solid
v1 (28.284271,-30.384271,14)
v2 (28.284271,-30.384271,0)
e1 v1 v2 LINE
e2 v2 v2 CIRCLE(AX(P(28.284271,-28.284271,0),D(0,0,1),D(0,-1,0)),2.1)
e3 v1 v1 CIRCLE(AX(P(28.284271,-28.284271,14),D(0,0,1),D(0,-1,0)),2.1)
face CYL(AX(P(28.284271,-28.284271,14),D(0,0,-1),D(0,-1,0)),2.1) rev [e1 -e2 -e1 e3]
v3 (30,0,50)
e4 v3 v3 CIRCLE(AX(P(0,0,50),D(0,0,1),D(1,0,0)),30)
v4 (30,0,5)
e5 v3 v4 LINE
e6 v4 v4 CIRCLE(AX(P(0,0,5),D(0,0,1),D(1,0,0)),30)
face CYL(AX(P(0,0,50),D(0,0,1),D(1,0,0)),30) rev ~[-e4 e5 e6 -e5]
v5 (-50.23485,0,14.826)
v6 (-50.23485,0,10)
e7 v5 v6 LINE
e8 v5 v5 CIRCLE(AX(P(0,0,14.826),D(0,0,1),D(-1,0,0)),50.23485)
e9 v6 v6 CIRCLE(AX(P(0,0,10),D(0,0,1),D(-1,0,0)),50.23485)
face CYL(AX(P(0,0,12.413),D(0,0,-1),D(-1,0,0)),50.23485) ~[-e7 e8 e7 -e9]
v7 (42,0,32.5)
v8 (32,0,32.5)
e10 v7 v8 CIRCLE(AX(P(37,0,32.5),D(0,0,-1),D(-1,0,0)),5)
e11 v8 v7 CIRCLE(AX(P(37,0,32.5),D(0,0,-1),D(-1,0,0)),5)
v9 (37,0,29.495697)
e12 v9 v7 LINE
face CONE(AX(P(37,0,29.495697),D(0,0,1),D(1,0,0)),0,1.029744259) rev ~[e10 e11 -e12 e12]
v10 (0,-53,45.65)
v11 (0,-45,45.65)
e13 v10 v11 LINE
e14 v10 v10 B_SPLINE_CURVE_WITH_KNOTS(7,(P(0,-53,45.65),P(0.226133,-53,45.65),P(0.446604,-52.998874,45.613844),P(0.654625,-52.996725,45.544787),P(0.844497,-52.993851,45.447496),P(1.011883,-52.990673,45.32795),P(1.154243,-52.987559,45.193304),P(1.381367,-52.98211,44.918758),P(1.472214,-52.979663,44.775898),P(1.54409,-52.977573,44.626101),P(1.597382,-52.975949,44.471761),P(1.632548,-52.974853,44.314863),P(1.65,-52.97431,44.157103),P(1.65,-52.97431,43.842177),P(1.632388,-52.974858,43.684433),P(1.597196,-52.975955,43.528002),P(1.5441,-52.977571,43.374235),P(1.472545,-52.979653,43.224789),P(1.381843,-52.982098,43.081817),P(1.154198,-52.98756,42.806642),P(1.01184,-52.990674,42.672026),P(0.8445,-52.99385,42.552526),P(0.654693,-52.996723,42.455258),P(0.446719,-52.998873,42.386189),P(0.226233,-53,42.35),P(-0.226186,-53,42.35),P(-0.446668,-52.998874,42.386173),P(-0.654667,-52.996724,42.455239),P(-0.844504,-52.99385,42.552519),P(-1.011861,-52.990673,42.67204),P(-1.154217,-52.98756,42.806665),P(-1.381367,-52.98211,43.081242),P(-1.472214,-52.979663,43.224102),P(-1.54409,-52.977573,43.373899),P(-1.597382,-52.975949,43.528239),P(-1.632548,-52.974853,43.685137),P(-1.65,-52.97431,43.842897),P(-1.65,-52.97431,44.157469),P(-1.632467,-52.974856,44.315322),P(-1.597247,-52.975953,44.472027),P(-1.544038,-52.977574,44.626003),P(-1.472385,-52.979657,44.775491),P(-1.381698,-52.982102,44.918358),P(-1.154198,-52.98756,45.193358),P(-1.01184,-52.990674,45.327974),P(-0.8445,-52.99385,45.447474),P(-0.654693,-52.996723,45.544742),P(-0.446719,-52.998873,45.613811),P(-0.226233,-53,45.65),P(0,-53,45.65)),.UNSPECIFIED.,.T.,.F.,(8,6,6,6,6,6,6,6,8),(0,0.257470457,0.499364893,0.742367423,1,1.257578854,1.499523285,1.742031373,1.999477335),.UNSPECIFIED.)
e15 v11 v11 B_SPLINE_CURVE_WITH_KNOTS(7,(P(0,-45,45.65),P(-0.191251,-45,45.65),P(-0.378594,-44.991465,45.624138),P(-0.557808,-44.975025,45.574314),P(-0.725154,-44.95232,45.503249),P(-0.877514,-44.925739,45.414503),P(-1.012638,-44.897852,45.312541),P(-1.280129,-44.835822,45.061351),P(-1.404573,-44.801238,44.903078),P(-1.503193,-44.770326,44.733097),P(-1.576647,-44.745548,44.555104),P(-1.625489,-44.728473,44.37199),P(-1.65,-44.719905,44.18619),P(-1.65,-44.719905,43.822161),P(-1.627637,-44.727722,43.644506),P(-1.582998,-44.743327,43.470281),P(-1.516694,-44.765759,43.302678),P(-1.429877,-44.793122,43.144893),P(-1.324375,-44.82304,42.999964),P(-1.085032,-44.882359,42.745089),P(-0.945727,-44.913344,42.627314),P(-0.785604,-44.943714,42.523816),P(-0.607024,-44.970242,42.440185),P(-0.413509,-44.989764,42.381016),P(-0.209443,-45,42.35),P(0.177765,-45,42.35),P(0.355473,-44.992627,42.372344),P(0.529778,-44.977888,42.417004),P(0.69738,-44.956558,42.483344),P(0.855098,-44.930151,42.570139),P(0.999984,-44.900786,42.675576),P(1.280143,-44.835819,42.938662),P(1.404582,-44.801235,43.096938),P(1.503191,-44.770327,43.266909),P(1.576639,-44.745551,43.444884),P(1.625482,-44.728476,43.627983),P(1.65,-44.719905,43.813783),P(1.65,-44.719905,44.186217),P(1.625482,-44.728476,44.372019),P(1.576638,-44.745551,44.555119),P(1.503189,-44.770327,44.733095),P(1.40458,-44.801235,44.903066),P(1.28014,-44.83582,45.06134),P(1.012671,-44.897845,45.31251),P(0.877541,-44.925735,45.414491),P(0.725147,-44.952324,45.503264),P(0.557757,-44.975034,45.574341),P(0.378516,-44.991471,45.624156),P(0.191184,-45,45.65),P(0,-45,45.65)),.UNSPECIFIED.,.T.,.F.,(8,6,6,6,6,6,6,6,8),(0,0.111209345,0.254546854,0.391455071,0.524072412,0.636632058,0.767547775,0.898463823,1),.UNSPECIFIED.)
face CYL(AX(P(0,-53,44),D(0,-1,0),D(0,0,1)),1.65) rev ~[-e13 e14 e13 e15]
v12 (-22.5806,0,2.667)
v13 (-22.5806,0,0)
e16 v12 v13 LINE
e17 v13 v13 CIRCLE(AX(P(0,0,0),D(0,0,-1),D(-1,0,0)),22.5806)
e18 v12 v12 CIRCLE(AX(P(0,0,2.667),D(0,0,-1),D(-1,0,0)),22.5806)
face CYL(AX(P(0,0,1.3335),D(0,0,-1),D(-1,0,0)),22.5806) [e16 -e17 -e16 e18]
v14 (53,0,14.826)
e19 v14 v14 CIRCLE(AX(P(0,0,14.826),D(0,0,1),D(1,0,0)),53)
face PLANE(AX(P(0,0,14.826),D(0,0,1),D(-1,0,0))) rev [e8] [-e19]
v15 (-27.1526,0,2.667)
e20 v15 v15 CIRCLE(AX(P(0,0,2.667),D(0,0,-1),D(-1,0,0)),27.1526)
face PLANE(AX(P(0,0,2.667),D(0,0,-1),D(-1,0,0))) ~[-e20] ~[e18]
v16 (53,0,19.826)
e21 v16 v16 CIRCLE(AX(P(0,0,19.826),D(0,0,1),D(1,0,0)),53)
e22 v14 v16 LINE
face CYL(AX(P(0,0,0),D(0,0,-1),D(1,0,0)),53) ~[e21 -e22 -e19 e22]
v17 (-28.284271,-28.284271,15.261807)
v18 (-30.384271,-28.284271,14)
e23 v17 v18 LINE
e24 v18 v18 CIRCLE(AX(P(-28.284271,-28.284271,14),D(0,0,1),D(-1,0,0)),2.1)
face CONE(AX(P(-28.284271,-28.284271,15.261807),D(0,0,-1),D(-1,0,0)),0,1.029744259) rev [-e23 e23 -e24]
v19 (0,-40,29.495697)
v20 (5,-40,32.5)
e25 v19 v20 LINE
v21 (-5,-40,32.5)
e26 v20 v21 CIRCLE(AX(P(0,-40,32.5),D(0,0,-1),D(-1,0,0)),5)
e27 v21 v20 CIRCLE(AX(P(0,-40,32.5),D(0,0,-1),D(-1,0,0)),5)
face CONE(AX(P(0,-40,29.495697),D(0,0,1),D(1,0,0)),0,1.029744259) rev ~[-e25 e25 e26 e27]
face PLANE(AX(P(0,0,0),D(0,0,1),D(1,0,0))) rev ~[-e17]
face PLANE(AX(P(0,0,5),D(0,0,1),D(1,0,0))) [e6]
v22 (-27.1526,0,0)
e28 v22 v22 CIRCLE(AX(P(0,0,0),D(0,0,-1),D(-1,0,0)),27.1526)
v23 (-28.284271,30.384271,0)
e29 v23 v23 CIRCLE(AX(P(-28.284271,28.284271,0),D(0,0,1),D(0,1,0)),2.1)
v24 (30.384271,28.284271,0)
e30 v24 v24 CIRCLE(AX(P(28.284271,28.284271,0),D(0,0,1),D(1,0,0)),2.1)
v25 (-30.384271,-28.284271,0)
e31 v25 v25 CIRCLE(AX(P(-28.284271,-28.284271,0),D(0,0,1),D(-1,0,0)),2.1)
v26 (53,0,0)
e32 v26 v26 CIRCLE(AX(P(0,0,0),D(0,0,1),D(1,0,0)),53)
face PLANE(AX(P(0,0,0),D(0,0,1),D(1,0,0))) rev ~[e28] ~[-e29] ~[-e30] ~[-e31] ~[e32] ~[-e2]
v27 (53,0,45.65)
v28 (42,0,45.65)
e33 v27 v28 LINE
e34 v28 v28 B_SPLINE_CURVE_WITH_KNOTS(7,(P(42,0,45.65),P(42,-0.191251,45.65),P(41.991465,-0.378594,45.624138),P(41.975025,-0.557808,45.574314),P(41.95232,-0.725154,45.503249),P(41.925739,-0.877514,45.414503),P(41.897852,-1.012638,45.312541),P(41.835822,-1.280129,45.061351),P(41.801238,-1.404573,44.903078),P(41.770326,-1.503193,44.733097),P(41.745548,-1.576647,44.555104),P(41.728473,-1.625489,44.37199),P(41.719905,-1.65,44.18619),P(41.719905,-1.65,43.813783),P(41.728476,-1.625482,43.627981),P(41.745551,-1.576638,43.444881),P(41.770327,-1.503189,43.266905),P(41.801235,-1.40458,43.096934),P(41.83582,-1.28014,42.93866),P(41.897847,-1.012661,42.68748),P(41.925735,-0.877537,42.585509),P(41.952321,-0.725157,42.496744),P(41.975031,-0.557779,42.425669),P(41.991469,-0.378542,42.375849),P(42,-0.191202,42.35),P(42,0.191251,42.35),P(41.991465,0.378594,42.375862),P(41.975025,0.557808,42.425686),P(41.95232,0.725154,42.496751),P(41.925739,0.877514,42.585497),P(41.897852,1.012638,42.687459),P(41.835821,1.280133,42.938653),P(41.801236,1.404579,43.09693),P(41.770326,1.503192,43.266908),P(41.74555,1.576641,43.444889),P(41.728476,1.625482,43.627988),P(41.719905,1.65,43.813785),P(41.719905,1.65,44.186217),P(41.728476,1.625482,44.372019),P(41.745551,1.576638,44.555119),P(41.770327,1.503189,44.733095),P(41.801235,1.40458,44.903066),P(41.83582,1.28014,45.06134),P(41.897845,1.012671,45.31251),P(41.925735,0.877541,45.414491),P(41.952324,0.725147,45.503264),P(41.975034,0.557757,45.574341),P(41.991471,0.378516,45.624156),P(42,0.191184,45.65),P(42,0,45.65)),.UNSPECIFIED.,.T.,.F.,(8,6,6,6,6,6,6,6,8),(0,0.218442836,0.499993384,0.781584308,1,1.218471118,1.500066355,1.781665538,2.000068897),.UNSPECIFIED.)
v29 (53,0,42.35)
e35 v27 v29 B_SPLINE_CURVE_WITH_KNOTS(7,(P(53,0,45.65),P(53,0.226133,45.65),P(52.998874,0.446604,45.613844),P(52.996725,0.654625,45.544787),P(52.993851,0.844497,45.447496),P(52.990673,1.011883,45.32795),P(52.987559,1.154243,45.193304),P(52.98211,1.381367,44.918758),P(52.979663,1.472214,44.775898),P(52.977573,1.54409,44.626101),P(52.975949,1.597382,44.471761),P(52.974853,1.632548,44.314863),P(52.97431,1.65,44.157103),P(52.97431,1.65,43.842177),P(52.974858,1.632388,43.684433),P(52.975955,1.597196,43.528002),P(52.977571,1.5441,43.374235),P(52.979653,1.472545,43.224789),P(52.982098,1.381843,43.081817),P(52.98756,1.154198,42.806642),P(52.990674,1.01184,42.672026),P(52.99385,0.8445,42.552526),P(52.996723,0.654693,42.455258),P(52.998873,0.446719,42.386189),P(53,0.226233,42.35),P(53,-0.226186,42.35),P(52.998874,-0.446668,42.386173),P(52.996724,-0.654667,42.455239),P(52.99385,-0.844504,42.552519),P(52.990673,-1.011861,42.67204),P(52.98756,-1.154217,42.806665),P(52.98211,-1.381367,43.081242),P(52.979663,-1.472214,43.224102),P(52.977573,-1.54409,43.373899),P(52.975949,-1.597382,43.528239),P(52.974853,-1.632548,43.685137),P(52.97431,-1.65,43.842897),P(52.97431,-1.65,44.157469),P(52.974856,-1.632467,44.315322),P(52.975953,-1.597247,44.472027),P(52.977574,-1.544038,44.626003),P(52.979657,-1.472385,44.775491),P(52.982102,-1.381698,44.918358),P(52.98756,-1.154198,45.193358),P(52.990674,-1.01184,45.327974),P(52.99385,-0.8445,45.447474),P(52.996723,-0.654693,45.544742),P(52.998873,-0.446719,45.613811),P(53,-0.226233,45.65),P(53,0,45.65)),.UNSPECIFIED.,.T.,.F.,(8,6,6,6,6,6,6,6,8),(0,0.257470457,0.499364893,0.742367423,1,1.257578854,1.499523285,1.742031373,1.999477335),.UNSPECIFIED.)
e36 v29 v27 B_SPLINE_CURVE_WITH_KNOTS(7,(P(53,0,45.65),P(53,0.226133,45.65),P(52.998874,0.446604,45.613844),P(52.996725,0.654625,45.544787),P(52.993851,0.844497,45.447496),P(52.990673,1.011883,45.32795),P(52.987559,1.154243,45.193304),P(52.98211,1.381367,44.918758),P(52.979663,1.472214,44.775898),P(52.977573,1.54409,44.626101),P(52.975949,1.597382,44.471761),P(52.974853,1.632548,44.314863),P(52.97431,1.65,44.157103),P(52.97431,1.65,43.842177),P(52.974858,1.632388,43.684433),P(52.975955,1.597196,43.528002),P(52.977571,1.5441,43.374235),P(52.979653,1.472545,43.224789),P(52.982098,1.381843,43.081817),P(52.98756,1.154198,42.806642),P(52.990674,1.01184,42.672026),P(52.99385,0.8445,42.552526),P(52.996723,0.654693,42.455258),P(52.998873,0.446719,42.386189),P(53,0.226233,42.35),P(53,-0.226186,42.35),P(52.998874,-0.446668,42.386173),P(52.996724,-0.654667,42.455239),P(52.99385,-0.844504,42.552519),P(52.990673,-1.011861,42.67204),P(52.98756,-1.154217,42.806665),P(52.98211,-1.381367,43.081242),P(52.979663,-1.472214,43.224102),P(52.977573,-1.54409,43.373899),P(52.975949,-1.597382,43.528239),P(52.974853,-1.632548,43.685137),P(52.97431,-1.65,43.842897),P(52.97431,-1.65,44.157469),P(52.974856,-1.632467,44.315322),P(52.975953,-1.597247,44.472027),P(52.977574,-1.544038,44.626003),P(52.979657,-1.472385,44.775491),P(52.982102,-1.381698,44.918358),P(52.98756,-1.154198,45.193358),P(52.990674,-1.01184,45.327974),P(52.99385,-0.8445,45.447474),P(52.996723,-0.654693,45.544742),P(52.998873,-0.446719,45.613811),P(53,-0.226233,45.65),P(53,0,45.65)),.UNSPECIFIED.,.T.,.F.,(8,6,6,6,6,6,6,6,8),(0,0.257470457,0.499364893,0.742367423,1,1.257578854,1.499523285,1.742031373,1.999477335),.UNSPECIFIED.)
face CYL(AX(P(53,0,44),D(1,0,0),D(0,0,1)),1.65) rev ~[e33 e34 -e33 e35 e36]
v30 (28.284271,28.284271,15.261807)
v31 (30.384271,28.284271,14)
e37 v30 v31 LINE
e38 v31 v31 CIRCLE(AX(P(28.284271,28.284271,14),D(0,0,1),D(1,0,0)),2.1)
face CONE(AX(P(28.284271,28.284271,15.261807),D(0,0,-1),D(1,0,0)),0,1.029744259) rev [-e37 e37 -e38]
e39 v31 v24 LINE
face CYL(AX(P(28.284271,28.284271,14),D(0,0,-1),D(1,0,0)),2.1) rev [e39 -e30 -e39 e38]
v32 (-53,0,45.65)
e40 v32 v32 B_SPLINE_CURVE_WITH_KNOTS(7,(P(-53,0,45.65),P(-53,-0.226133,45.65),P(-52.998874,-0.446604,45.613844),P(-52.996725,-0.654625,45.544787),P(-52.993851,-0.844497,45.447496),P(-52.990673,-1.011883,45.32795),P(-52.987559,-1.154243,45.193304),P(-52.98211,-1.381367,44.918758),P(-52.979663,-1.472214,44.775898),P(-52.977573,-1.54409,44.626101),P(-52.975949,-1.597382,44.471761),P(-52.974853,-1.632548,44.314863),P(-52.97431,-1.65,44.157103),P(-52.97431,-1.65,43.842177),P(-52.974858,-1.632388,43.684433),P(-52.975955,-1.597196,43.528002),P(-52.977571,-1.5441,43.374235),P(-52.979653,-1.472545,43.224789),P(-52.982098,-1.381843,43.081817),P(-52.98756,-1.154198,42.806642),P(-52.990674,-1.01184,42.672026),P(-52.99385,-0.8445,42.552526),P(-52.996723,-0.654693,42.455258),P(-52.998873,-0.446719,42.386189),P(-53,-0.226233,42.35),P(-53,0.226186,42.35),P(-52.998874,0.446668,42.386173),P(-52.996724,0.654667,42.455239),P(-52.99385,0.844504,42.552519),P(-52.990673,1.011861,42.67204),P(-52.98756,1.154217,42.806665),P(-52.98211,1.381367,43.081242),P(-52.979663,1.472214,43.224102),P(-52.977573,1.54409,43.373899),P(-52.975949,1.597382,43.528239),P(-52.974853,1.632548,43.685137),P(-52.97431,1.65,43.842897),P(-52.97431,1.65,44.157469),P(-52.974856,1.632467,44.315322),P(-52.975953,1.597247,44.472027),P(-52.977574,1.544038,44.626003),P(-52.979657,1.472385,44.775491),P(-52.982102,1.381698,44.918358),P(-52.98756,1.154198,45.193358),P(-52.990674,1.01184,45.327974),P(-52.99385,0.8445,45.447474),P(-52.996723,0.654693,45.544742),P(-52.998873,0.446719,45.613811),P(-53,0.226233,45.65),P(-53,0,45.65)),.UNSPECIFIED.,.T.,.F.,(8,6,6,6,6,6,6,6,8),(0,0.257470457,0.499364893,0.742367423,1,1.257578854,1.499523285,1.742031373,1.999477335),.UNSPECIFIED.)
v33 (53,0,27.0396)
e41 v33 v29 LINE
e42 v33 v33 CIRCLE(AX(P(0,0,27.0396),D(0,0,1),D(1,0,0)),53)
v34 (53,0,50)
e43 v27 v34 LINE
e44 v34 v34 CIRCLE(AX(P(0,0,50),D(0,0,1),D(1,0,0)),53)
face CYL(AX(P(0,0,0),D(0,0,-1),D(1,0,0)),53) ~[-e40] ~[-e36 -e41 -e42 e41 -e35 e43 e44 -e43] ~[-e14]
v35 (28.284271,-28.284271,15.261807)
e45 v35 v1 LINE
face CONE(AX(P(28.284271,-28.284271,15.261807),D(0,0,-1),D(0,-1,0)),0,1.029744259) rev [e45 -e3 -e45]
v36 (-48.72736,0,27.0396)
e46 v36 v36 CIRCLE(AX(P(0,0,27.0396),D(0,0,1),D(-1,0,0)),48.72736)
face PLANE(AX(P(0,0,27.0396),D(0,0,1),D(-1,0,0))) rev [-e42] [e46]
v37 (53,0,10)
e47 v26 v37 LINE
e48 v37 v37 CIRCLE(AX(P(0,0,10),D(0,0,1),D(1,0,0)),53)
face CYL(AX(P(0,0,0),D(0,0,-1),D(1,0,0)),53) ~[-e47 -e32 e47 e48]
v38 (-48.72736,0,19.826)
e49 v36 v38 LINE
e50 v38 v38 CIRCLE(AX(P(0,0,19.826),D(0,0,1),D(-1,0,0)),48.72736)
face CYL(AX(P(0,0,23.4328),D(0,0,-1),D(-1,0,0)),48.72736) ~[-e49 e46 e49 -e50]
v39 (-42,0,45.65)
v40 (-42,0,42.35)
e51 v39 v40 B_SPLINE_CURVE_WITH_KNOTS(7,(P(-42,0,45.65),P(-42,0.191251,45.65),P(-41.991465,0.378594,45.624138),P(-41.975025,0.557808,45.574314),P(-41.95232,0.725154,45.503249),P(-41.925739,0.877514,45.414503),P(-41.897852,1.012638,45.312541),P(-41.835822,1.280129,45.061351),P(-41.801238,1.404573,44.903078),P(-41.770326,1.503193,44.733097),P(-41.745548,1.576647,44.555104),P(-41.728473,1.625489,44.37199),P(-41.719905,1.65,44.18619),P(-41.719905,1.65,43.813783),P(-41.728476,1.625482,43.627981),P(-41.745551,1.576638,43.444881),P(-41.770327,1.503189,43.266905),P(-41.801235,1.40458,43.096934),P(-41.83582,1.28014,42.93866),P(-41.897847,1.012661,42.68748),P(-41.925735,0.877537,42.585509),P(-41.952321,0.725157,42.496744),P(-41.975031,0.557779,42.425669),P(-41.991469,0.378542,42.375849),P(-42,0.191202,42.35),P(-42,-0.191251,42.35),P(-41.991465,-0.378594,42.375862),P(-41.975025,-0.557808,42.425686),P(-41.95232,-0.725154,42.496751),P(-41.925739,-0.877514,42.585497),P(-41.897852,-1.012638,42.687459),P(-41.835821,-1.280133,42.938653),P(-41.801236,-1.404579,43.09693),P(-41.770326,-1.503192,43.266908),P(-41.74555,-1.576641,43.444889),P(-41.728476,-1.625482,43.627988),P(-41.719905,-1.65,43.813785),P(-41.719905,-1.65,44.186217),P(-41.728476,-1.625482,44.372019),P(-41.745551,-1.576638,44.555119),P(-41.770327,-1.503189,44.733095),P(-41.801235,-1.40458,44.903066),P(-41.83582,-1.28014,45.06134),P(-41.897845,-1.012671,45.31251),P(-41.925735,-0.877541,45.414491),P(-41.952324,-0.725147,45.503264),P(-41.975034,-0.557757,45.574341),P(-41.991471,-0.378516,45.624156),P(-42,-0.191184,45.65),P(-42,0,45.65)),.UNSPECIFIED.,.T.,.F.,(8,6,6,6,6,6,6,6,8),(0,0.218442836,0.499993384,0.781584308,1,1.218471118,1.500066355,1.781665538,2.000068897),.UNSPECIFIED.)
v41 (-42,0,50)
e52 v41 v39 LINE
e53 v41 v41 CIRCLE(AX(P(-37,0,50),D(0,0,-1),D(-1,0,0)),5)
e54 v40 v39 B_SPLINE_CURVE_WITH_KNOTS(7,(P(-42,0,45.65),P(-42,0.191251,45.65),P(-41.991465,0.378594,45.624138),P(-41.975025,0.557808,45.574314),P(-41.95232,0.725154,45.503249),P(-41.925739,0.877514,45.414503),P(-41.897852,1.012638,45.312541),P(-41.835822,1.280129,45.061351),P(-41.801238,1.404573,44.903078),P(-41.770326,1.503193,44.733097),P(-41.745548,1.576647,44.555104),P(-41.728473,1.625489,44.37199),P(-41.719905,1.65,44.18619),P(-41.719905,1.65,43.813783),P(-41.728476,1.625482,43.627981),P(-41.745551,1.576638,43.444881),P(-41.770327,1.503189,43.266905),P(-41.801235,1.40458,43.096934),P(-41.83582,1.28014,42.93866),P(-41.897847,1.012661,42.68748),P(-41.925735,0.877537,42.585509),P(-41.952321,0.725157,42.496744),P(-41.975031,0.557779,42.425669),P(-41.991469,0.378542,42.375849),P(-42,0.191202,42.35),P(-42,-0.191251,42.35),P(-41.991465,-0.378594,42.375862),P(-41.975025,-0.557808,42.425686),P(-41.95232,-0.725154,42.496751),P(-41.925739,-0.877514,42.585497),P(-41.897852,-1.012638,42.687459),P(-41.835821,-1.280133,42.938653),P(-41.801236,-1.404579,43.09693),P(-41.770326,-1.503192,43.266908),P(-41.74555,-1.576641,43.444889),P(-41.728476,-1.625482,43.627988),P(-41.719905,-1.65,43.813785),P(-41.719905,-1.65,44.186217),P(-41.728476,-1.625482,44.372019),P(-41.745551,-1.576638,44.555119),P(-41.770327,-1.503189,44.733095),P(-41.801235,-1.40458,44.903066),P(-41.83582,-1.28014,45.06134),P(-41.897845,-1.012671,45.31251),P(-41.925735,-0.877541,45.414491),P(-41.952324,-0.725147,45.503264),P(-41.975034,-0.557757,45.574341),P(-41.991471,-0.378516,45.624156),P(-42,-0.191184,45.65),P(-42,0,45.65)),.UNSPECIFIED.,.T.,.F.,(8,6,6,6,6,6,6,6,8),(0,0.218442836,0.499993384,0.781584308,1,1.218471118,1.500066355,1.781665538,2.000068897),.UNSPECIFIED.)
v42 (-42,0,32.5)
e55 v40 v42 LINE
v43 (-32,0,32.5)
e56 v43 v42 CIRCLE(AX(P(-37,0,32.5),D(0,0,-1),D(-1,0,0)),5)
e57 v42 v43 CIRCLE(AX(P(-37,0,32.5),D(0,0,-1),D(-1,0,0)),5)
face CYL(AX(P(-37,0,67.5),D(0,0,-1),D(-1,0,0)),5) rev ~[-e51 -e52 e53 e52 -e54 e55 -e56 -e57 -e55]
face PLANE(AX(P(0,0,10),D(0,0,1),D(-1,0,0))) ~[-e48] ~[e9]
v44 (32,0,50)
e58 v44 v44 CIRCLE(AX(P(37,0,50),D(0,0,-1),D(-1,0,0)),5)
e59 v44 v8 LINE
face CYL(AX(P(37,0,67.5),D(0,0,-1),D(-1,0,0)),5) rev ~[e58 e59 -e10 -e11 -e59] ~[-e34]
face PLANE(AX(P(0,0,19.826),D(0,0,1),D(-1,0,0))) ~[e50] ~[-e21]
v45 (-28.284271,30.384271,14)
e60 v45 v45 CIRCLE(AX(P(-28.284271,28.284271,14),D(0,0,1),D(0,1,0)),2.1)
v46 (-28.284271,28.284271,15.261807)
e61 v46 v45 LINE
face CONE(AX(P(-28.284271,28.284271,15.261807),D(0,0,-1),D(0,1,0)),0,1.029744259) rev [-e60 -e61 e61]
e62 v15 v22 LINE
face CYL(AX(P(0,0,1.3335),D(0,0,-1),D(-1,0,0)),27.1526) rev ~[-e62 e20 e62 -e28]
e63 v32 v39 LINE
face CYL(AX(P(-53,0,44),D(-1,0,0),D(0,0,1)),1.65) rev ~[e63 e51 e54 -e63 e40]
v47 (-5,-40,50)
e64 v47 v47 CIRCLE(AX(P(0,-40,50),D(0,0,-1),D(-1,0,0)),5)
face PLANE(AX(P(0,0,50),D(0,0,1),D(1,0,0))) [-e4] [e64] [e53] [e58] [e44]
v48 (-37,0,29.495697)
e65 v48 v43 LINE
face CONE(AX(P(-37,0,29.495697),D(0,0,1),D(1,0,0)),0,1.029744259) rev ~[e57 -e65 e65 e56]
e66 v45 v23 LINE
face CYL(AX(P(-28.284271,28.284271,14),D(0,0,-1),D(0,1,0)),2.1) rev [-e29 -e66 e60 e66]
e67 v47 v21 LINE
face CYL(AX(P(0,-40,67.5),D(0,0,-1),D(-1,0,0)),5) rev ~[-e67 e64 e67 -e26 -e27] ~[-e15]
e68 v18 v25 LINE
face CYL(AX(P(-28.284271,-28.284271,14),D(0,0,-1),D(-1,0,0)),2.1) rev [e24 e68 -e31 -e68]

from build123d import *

# Parameters (mm, degrees)
SKETCH1_R                      = 53
BOSS_EXTRUDE1_DEPTH            = 50
F_10_0_10_DIAMETER_HOLE2_D     = 10
F_10_0_10_DIAMETER_HOLE2_DEPTH = 17.5
F_10_0_10_DIAMETER_HOLE2_TIP   = 3.004303095
M4_TAPPED_HOLE1_REACH          = 130.627
M4_TAPPED_HOLE1_BORE_R         = 1.65
CIRPATTERN1_COUNT              = 3
CIRPATTERN1_ANGLE              = 180
SKETCH11_R                     = 30
CUT_EXTRUDE2_DEPTH             = 45
SKETCH12_W                     = 4.826
SKETCH12_H                     = 2.76515
SKETCH12_W_2                   = 7.2136
SKETCH12_H_2                   = 4.27264
SKETCH14_W                     = 2.667
SKETCH14_H                     = 4.572
CIRPATTERN2_COUNT              = 4


with BuildPart() as part:
    # Sketch1 → Boss-Extrude1 (new body)
    with BuildSketch(Plane.XY):
        Circle(SKETCH1_R)
    extrude(amount=BOSS_EXTRUDE1_DEPTH)

    # Ø10.0 (10) Diameter Hole2
    with Locations(Plane.XY.offset(50)):
        with Locations((-37, 0), (37, 0), (0, -40)):
            Hole(F_10_0_10_DIAMETER_HOLE2_D / 2, depth=F_10_0_10_DIAMETER_HOLE2_DEPTH)
            with Locations((0, 0, -(F_10_0_10_DIAMETER_HOLE2_DEPTH + F_10_0_10_DIAMETER_HOLE2_TIP / 2))):  # 118° drill point
                Cone(0, F_10_0_10_DIAMETER_HOLE2_D / 2, F_10_0_10_DIAMETER_HOLE2_TIP, mode=Mode.SUBTRACT)

    # M4 Tapped Hole1 bore → M4 Tapped Hole1 (cut, up to next)
    with BuildSketch(Plane.ZY.offset(53), mode=Mode.PRIVATE) as m4_tapped_hole1_sk1:
        with Locations((44, 0)):
            Circle(M4_TAPPED_HOLE1_BORE_R)
    m4_tapped_hole1_tool1 = extrude(m4_tapped_hole1_sk1.sketch, amount=-M4_TAPPED_HOLE1_REACH, mode=Mode.PRIVATE) & part.part
    m4_tapped_hole1 = m4_tapped_hole1_tool1.solids().sort_by_distance((-53, 0, 44))[0]
    add(m4_tapped_hole1, mode=Mode.SUBTRACT)

    # CirPattern1: M4 Tapped Hole1 ×3 about axis
    cirpattern1_axis = Axis((0, 0, 50), (0, 0, 1))
    for i in range(1, CIRPATTERN1_COUNT):
        add(m4_tapped_hole1.rotate(cirpattern1_axis, i * CIRPATTERN1_ANGLE / (CIRPATTERN1_COUNT - 1)), mode=Mode.SUBTRACT)

    # Sketch11 → Cut-Extrude2 (cut)
    with BuildSketch(Plane.XY.offset(50)):
        Circle(SKETCH11_R)
    extrude(amount=-CUT_EXTRUDE2_DEPTH, mode=Mode.SUBTRACT)

    # Sketch12 → Cut-Revolve1 (revolve, cut)
    with BuildSketch(Plane(origin=(0, 0, 0), x_dir=(0, 0, -1), z_dir=(1, 0, 0)), mode=Mode.PRIVATE) as cut_revolve1_sk:
        with Locations((-12.413, 51.617425)):
            Rectangle(SKETCH12_W, SKETCH12_H)
        with Locations((-23.4328, 50.86368)):
            Rectangle(SKETCH12_W_2, SKETCH12_H_2)
    revolve(cut_revolve1_sk.sketch.rotate(Axis((0, 0, 0), (0, 0, 1)), 90), axis=Axis((0, 0, 0), (0, 0, 1)), mode=Mode.SUBTRACT)

    # Sketch14 → Cut-Revolve2 (revolve, cut)
    with BuildSketch(Plane(origin=(0, 0, 0), x_dir=(0, 0, -1), z_dir=(1, 0, 0)), mode=Mode.PRIVATE) as cut_revolve2_sk:
        with Locations((-1.3335, 24.8666)):
            Rectangle(SKETCH14_W, SKETCH14_H)
    revolve(cut_revolve2_sk.sketch.rotate(Axis((0, 0, 0), (0, 0, -1)), 270), axis=Axis((0, 0, 0), (0, 0, -1)), mode=Mode.SUBTRACT)

    # Sketch17 → M5 Tapped Hole1 (revolve, cut)
    with BuildSketch(Plane(origin=(-28.284271247, 28.284271247, 0), x_dir=(0, 1, 0), z_dir=(1, 0, 0))):
        Polygon((0, 0), (0, 15.2618073), (2.1, 14), (2.1, 0), align=None)
    m5_tapped_hole1 = revolve(axis=Axis((-28.284271247, 28.284271247, -6.35), (0, 0, 1)), mode=Mode.SUBTRACT)

    # CirPattern2: M5 Tapped Hole1 ×4 about axis
    cirpattern2_axis = Axis((0, 0, 0), (0, 0, 1))
    for i in range(1, CIRPATTERN2_COUNT):
        add(m5_tapped_hole1.rotate(cirpattern2_axis, i * 360 / CIRPATTERN2_COUNT), mode=Mode.SUBTRACT)


solid = part.part
